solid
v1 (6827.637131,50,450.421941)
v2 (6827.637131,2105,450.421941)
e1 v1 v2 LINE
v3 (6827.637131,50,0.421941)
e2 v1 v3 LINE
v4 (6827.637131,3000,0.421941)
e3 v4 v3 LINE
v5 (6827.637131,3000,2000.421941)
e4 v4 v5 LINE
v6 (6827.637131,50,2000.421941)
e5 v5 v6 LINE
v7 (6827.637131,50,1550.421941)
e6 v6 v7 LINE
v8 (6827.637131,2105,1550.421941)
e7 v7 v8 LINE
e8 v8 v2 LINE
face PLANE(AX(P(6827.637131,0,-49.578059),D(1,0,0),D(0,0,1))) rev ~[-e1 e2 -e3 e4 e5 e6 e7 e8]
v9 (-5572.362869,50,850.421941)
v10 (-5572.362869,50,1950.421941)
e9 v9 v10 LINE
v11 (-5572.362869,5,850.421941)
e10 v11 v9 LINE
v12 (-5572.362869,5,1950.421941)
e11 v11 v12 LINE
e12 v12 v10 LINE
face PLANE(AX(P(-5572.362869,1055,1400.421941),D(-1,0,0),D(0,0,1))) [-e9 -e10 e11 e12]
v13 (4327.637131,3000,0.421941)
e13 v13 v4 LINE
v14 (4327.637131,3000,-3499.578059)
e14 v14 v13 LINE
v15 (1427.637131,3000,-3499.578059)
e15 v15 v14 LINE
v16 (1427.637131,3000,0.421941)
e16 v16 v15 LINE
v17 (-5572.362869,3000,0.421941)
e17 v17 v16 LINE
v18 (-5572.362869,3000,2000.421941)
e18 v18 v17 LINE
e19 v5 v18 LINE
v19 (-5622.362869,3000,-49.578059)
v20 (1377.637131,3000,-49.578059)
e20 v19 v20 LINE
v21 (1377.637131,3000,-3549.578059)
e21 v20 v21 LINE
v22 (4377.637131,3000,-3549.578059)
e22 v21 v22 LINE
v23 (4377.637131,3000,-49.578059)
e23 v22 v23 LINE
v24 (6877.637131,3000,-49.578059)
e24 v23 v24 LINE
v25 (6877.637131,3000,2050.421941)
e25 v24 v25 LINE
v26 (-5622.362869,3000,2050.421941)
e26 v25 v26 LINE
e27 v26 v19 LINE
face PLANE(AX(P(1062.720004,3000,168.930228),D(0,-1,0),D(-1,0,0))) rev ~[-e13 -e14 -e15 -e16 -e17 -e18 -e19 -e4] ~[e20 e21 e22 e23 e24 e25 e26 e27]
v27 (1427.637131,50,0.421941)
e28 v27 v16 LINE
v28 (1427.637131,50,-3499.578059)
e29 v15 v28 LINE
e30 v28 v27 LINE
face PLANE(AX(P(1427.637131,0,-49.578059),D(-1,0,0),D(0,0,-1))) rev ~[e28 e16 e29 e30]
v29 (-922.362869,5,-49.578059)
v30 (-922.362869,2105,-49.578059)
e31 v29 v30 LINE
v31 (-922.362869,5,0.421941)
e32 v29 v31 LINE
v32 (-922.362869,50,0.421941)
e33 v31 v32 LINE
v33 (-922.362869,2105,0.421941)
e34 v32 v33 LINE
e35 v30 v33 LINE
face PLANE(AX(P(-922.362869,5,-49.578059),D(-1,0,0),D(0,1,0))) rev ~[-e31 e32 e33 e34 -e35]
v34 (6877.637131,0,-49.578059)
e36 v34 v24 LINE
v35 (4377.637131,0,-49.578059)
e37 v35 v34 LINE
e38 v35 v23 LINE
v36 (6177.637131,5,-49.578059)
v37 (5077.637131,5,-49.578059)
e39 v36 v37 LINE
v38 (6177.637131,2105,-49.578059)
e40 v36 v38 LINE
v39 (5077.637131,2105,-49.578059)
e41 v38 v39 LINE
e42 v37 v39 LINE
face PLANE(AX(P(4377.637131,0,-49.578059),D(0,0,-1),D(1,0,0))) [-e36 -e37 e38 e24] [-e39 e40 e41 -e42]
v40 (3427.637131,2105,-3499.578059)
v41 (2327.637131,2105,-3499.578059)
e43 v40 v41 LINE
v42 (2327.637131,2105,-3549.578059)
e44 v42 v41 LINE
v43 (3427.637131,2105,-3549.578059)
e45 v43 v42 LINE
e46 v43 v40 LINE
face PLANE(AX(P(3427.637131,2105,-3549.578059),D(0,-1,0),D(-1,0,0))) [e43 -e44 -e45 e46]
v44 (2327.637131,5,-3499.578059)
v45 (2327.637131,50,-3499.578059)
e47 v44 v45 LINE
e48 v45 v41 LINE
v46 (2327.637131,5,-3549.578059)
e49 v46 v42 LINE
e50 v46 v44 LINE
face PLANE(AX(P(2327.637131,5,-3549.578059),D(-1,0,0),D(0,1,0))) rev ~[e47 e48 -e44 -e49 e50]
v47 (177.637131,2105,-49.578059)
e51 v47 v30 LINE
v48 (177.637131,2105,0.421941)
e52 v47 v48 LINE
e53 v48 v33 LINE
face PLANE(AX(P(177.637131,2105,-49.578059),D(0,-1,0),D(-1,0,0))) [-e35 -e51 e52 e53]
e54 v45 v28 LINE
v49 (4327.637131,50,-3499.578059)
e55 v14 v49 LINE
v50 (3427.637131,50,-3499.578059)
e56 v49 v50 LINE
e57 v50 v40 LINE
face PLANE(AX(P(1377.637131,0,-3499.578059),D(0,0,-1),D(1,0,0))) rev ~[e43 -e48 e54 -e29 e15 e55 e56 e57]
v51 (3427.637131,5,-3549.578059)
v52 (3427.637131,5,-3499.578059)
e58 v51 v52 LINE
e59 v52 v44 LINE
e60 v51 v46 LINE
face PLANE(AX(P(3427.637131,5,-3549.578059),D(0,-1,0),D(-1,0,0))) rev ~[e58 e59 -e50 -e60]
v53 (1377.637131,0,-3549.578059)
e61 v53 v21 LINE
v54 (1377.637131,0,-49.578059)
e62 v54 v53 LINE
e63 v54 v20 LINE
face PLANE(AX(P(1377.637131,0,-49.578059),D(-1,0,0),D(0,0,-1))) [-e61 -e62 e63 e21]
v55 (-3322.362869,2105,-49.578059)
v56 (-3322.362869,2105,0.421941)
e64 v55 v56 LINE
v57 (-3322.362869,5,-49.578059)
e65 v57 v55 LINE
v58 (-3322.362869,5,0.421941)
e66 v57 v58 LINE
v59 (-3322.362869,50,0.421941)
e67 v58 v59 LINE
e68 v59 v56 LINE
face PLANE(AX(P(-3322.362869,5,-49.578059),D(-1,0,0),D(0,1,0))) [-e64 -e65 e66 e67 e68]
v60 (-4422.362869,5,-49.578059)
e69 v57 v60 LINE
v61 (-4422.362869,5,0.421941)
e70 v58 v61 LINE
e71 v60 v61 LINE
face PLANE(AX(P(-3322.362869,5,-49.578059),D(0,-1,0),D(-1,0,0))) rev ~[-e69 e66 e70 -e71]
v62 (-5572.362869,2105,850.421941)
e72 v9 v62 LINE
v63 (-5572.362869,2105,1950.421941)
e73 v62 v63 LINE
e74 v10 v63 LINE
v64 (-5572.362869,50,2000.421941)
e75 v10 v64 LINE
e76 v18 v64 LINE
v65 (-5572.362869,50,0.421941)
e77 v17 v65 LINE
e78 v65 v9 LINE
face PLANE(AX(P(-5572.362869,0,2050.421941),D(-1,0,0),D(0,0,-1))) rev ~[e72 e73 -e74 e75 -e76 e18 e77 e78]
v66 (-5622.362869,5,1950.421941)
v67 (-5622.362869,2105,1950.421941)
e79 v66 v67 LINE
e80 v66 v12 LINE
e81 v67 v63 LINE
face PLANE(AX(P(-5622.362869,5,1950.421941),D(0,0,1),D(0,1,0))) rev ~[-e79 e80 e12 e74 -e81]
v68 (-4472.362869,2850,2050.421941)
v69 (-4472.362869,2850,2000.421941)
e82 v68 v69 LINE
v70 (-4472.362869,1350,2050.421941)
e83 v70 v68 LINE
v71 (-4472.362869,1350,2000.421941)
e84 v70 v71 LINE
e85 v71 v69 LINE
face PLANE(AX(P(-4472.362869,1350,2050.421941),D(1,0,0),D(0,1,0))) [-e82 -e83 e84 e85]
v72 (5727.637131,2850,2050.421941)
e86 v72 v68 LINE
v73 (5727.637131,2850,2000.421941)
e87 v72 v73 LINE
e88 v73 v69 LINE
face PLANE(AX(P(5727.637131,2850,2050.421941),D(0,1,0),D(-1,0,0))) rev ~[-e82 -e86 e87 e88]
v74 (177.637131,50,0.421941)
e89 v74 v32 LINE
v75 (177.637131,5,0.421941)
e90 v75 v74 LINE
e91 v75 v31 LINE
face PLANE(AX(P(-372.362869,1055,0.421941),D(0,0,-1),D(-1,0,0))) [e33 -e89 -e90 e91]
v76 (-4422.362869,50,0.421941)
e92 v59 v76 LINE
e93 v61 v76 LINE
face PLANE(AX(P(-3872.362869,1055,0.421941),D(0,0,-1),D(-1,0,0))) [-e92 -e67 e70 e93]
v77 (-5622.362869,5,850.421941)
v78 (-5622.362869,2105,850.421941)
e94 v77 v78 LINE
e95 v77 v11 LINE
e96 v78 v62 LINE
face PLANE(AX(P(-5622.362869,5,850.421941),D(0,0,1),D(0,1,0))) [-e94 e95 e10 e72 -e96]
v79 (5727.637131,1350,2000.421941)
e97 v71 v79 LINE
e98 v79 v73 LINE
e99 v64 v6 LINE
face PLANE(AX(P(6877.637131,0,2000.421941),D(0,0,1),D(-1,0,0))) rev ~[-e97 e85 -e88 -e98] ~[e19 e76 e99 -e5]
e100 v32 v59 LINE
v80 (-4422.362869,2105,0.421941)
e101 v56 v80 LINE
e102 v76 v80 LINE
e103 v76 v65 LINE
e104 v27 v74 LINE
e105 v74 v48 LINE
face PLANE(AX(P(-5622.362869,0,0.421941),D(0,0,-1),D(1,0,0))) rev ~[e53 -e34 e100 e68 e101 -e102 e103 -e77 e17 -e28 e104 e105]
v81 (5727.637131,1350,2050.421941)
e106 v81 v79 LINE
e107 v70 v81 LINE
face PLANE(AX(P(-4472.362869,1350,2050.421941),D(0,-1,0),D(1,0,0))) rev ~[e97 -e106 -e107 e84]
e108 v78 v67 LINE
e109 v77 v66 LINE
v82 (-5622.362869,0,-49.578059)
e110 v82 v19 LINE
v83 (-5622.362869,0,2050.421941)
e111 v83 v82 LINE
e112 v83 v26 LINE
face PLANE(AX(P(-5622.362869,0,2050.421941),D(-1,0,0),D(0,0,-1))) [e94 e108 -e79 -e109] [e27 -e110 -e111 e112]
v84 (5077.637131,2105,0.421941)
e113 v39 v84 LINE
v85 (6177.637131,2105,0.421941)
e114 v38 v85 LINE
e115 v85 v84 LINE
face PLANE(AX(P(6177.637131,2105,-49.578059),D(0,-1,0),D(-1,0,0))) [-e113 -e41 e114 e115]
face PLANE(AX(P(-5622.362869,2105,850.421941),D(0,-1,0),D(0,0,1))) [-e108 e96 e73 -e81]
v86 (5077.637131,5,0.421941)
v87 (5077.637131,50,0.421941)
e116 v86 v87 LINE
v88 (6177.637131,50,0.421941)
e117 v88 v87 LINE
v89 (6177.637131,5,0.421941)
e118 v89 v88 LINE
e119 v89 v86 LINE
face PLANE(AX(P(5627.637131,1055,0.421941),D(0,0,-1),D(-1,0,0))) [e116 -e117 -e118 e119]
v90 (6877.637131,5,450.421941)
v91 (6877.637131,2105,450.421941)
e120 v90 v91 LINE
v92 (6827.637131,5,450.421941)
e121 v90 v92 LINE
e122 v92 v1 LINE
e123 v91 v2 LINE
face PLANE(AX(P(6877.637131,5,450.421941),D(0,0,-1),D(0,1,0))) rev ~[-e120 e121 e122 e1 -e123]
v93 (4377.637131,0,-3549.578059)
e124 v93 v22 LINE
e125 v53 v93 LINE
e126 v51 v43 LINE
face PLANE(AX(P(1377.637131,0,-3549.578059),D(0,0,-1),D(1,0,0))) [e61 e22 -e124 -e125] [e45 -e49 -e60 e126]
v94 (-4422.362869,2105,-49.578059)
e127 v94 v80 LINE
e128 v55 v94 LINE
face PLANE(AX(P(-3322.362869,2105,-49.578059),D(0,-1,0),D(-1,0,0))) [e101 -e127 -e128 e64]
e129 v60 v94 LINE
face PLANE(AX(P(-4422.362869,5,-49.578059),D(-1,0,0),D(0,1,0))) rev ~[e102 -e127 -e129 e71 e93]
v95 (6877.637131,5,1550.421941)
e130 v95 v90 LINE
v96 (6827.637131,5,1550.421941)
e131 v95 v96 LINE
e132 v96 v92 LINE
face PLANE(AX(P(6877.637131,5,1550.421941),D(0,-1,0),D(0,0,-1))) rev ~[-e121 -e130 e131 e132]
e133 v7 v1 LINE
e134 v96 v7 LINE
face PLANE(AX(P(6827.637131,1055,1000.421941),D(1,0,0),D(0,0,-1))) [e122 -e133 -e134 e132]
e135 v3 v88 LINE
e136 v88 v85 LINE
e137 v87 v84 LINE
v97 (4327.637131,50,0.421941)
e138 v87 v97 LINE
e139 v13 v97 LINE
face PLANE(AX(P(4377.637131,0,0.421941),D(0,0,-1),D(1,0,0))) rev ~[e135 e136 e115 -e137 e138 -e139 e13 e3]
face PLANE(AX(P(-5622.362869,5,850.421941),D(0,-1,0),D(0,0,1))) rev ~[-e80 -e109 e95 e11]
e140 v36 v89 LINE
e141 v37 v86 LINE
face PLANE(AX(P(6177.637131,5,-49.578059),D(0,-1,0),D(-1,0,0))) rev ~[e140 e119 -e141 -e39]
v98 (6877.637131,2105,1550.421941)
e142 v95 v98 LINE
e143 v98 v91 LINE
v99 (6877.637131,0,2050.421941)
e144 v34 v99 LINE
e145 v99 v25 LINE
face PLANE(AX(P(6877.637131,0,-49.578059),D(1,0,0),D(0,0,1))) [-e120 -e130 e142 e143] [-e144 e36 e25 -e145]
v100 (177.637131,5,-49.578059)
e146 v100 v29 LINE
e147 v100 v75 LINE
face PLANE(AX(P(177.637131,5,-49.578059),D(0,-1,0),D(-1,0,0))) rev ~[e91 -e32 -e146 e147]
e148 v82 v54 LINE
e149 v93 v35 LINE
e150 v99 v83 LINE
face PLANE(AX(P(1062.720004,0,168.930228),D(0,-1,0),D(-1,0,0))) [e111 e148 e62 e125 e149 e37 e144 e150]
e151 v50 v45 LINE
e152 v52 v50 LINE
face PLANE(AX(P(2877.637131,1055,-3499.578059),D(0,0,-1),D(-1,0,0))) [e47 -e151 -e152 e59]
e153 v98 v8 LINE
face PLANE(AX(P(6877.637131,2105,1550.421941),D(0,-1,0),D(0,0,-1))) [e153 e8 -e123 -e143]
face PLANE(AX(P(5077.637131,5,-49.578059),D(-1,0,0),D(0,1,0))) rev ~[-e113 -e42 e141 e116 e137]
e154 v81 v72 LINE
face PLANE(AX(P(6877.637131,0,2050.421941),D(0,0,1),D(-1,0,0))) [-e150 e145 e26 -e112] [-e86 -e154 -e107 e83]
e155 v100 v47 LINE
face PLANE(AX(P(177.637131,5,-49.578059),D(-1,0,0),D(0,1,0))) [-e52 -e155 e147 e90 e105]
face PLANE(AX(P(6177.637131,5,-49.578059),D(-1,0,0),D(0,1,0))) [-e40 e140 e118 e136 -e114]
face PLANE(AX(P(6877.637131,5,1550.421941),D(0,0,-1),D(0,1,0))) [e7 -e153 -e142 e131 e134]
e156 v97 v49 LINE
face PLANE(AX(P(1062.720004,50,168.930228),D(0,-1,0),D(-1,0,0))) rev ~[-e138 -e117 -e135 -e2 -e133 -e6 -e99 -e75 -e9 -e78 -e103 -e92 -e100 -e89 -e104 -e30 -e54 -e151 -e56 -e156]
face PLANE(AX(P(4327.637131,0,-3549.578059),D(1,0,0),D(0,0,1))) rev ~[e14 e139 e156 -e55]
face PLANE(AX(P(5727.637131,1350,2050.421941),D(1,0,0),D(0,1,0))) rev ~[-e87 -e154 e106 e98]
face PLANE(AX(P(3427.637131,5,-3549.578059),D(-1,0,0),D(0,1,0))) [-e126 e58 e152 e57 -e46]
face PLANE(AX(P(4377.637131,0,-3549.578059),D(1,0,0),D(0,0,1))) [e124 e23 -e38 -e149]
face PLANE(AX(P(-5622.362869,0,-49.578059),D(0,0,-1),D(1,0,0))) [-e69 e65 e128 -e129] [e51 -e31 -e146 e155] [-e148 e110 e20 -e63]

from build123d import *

# Parameters (mm, degrees)
BOSS_EXTRUDE1_DEPTH = 3000
SHELL1_T            = -50
SKETCH2_W           = 1100
SKETCH2_H           = 2100
CUT_EXTRUDE1_DEPTH  = 50
SKETCH3_W           = 1100
SKETCH3_H           = 2100
CUT_EXTRUDE2_DEPTH  = 50
SKETCH4_W           = 1100
SKETCH4_H           = 2100
CUT_EXTRUDE3_DEPTH  = 50
SKETCH5_W           = 1100
SKETCH5_H           = 2100
CUT_EXTRUDE4_DEPTH  = 50
SKETCH6_W           = 5100
SKETCH6_H           = 1500
CUT_EXTRUDE5_DEPTH  = 50
SKETCH8_W           = 1100
SKETCH8_H           = 2100
CUT_EXTRUDE6_DEPTH  = 50


with BuildPart() as part:
    # Sketch1 → Boss-Extrude1 (new body)
    with BuildSketch(Plane(origin=(0, 0, 0), x_dir=(1, 0, 0), z_dir=(0, 1, 0))):
        Polygon((4377.637130802, 49.578059072), (6877.637130802, 49.578059072), (6877.637130802, -2050.421940928), (-5622.362869198, -2050.421940928), (-5622.362869198, 49.578059072), (1377.637130802, 49.578059072), (1377.637130802, 3549.578059072), (4377.637130802, 3549.578059072), align=None)
    extrude(amount=BOSS_EXTRUDE1_DEPTH)

    # Shell1
    shell1_openings = [part.faces().sort_by_distance(p)[0] for p in [
        (1270.494273659, 3000, 200.421940928),
    ]]
    offset(amount=SHELL1_T, openings=shell1_openings, kind=Kind.INTERSECTION)

    # Sketch2 → Cut-Extrude1 (cut)
    with BuildSketch(Plane.ZY.offset(5622.362869198)):
        with Locations((1400.421940928, 1055)):
            Rectangle(SKETCH2_W, SKETCH2_H)
    extrude(amount=-CUT_EXTRUDE1_DEPTH, mode=Mode.SUBTRACT)

    # Sketch3 → Cut-Extrude2 (cut)
    with BuildSketch(Plane(origin=(0, 0, -49.578059072), x_dir=(-1, 0, 0), z_dir=(0, 0, -1))):
        with Locations((372.362869198, 1055)):
            Rectangle(SKETCH3_W, SKETCH3_H)
        with Locations((3872.362869198, 1055)):
            Rectangle(SKETCH3_W, SKETCH3_H)
    extrude(amount=-CUT_EXTRUDE2_DEPTH, mode=Mode.SUBTRACT)

    # Sketch4 → Cut-Extrude3 (cut)
    with BuildSketch(Plane(origin=(0, 0, -3549.578059072), x_dir=(-1, 0, 0), z_dir=(0, 0, -1))):
        with Locations((-2877.637130802, 1055)):
            Rectangle(SKETCH4_W, SKETCH4_H)
    extrude(amount=-CUT_EXTRUDE3_DEPTH, mode=Mode.SUBTRACT)

    # Sketch5 → Cut-Extrude4 (cut)
    with BuildSketch(Plane(origin=(0, 0, -49.578059072), x_dir=(-1, 0, 0), z_dir=(0, 0, -1))):
        with Locations((-5627.637130802, 1055)):
            Rectangle(SKETCH5_W, SKETCH5_H)
    extrude(amount=-CUT_EXTRUDE4_DEPTH, mode=Mode.SUBTRACT)

    # Sketch6 → Cut-Extrude5 (cut)
    with BuildSketch(Plane.XY.offset(2050.421940928)):
        with Locations((-1922.362869198, 2100)):
            Rectangle(SKETCH6_W, SKETCH6_H)
        with Locations((3177.637130802, 2100)):
            Rectangle(SKETCH6_W, SKETCH6_H)
    extrude(amount=-CUT_EXTRUDE5_DEPTH, mode=Mode.SUBTRACT)

    # Sketch8 → Cut-Extrude6 (cut)
    with BuildSketch(Plane(origin=(6877.637130802, 0, 0), x_dir=(0, 0, -1), z_dir=(1, 0, 0))):
        with Locations((-1000.421940928, 1055)):
            Rectangle(SKETCH8_W, SKETCH8_H)
    extrude(amount=-CUT_EXTRUDE6_DEPTH, mode=Mode.SUBTRACT)


solid = part.part
